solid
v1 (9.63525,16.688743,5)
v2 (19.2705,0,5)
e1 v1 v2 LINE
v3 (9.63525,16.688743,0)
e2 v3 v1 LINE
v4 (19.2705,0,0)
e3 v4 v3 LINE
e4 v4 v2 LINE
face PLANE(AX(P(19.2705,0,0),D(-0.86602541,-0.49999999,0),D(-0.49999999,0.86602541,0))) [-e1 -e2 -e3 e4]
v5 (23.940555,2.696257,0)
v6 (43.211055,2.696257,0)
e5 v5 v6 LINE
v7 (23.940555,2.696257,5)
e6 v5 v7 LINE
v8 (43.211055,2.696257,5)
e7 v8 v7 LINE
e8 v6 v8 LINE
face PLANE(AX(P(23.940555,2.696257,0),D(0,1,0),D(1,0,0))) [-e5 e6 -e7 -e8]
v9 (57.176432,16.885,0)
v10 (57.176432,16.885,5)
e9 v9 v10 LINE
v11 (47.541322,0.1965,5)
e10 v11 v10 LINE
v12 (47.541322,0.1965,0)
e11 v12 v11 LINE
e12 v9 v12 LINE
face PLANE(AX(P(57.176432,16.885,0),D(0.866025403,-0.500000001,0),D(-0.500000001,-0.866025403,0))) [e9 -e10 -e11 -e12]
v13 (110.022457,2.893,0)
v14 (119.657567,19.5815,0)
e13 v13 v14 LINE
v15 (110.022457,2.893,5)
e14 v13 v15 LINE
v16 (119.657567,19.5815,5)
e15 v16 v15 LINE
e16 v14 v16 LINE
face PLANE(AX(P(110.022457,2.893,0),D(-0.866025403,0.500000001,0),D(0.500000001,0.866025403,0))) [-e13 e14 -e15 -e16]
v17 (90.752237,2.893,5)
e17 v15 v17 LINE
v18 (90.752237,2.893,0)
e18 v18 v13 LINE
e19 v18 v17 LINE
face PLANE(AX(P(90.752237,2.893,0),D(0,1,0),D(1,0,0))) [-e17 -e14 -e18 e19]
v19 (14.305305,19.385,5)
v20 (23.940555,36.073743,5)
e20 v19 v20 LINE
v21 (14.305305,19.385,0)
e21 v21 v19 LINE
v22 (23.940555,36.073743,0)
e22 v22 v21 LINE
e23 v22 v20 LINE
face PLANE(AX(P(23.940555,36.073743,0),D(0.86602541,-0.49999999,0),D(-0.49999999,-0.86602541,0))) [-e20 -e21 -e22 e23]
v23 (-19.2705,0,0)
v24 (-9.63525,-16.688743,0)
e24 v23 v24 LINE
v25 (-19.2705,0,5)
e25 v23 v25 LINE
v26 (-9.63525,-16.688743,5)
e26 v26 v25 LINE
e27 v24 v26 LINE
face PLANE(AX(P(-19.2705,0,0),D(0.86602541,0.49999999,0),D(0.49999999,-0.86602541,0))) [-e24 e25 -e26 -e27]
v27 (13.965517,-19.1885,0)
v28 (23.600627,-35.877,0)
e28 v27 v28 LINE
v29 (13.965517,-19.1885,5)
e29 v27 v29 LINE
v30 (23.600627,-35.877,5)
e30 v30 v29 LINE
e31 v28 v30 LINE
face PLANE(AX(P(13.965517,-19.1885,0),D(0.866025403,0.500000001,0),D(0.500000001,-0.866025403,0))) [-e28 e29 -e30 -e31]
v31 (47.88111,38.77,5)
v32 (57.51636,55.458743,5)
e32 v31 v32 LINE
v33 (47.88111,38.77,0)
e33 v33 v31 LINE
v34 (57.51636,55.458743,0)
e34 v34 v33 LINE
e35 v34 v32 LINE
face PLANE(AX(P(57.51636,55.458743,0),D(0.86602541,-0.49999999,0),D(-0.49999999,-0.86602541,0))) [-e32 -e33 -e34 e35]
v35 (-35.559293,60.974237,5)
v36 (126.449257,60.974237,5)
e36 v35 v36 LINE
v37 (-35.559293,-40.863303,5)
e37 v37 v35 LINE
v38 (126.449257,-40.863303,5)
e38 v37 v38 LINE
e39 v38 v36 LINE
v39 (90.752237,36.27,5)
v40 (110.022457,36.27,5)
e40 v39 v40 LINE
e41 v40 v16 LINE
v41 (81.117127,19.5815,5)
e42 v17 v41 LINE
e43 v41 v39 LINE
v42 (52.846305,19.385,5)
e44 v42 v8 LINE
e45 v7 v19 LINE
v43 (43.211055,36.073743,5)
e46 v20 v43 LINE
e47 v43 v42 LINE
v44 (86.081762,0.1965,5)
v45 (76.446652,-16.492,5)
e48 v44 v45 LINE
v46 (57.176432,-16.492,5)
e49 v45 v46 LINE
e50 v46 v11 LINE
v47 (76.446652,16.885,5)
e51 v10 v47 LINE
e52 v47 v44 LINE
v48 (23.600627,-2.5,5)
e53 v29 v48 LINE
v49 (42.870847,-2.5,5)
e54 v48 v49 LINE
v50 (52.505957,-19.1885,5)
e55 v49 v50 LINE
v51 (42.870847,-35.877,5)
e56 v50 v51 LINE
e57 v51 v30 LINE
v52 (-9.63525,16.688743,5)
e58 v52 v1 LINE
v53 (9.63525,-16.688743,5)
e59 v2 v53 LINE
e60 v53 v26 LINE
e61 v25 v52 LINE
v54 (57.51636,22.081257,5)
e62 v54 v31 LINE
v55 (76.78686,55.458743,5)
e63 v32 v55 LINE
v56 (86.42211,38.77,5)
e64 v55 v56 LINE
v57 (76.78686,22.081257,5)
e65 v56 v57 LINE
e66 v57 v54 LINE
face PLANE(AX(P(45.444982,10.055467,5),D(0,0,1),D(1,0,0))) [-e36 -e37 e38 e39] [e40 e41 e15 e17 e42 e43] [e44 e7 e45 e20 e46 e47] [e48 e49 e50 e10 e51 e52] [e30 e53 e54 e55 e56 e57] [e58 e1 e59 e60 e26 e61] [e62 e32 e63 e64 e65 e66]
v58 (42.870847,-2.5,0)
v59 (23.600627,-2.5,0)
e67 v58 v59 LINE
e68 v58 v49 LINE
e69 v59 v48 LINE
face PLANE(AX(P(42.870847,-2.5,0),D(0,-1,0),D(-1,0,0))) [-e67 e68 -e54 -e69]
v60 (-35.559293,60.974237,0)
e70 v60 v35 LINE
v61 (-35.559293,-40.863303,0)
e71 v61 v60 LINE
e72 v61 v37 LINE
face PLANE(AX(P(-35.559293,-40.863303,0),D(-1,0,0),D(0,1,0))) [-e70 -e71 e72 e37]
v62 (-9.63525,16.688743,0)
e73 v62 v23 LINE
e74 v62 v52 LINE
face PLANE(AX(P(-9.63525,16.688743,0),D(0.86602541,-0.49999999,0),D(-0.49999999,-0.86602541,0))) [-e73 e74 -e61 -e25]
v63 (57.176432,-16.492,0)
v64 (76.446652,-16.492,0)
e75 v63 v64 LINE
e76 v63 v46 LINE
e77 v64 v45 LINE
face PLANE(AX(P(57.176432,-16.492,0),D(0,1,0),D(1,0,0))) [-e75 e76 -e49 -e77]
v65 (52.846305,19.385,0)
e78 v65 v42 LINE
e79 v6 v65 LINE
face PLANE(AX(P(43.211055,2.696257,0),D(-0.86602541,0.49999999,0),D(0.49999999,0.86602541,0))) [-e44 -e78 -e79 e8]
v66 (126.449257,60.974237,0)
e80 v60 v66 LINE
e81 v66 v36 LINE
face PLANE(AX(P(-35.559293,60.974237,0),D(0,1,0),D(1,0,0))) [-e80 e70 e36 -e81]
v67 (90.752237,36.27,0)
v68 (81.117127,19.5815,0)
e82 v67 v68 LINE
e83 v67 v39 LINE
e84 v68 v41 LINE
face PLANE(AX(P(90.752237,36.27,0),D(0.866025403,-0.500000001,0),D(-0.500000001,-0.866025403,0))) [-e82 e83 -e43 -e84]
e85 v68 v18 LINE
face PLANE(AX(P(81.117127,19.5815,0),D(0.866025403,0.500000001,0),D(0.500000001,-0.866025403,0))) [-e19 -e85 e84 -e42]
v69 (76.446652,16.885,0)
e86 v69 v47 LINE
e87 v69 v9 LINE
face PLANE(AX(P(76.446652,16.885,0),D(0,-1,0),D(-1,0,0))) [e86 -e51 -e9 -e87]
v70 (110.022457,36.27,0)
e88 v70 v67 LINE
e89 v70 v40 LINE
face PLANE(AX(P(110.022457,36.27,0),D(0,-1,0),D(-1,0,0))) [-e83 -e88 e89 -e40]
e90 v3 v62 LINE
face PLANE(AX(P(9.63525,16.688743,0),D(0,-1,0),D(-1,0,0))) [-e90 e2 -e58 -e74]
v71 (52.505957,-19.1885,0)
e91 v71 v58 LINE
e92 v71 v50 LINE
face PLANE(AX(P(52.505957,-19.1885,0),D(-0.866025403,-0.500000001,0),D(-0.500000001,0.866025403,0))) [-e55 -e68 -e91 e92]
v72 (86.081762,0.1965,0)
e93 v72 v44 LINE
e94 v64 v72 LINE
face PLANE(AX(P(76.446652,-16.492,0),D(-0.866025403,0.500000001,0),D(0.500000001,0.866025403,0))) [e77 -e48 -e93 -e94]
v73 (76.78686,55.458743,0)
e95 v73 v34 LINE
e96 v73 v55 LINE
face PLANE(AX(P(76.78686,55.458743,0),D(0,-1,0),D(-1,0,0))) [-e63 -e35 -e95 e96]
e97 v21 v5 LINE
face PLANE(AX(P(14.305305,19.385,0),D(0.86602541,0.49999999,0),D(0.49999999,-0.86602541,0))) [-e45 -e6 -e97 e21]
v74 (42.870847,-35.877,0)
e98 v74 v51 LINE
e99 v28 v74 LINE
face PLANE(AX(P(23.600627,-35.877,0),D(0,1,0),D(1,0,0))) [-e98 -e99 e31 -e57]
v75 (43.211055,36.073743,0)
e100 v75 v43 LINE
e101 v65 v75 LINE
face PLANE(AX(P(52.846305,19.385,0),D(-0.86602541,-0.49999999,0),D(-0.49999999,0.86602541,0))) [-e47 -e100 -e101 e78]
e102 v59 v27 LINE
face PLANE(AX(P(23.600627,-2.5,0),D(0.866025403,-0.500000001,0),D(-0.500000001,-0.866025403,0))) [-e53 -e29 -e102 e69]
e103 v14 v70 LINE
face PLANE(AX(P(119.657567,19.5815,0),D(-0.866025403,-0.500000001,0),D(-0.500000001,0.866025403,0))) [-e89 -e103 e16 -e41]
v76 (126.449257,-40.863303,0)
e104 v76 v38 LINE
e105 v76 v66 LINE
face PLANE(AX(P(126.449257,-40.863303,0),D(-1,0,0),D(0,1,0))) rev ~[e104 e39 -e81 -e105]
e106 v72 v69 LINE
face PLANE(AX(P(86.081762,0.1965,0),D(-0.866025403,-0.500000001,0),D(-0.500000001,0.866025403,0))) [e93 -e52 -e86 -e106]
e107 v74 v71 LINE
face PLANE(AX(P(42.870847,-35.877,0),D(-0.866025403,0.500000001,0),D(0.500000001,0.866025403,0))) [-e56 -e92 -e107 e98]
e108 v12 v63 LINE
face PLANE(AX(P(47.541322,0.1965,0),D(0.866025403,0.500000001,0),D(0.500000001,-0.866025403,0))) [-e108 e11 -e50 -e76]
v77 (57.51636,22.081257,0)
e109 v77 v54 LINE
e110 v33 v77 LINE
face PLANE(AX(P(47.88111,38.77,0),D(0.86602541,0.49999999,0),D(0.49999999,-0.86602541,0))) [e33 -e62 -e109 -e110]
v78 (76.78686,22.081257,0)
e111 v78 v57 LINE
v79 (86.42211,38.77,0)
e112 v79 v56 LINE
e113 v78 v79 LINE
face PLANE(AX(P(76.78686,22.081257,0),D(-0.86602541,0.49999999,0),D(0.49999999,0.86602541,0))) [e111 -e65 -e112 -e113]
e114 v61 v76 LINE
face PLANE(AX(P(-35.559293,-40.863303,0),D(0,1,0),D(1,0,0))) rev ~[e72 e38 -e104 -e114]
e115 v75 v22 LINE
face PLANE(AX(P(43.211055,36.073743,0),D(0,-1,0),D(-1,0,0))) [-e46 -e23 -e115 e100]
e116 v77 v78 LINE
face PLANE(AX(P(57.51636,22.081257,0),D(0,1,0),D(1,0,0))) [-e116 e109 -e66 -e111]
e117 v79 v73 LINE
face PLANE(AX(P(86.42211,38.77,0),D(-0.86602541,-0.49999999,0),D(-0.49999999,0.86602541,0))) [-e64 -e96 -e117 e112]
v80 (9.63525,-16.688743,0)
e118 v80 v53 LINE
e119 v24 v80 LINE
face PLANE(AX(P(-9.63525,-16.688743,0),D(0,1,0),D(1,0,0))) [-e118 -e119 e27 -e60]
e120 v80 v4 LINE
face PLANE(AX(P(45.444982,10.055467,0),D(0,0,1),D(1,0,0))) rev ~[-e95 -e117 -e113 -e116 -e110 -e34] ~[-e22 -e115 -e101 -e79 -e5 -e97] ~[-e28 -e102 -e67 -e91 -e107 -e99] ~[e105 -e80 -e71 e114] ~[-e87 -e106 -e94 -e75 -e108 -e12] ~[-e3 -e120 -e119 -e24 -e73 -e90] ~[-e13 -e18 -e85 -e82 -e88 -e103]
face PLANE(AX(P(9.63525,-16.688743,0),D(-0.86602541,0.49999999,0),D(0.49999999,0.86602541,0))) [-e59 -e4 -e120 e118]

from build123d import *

# Parameters (mm, degrees)
F1_W     = 162.00855
F1_H     = 101.837539
F2_DEPTH = 5
F3_DEPTH = 5.001


with BuildPart() as f2:
    # F1 (on Top) → F2 (new body)
    with BuildSketch(Plane.XY):
        with Locations((45.444982, 10.055467)):
            Rectangle(F1_W, F1_H)
    extrude(amount=F2_DEPTH)

    # F0 (on Top) → F3 (cut, through all)
    with BuildSketch(Plane.XY):
        Polygon((-9.63525, -16.688743), (9.63525, -16.688743), (19.2705, 0), (9.63525, 16.688743), (-9.63525, 16.688743), (-19.2705, 0), align=None)
        Polygon((42.870847, -2.5), (23.600627, -2.5), (13.965517, -19.1885), (23.600627, -35.877), (42.870847, -35.877), (52.505957, -19.1885), align=None)
        Polygon((14.305305, 19.385), (23.940555, 2.696257), (43.211055, 2.696257), (52.846305, 19.385), (43.211055, 36.073743), (23.940555, 36.073743), align=None)
        Polygon((57.176432, -16.492), (76.446652, -16.492), (86.081762, 0.1965), (76.446652, 16.885), (57.176432, 16.885), (47.541322, 0.1965), align=None)
        Polygon((47.88111, 38.77), (57.51636, 22.081257), (76.78686, 22.081257), (86.42211, 38.77), (76.78686, 55.458743), (57.51636, 55.458743), align=None)
        Polygon((90.752237, 2.893), (110.022457, 2.893), (119.657567, 19.5815), (110.022457, 36.27), (90.752237, 36.27), (81.117127, 19.5815), align=None)
    extrude(amount=F3_DEPTH, mode=Mode.SUBTRACT)


solid = f2.part
